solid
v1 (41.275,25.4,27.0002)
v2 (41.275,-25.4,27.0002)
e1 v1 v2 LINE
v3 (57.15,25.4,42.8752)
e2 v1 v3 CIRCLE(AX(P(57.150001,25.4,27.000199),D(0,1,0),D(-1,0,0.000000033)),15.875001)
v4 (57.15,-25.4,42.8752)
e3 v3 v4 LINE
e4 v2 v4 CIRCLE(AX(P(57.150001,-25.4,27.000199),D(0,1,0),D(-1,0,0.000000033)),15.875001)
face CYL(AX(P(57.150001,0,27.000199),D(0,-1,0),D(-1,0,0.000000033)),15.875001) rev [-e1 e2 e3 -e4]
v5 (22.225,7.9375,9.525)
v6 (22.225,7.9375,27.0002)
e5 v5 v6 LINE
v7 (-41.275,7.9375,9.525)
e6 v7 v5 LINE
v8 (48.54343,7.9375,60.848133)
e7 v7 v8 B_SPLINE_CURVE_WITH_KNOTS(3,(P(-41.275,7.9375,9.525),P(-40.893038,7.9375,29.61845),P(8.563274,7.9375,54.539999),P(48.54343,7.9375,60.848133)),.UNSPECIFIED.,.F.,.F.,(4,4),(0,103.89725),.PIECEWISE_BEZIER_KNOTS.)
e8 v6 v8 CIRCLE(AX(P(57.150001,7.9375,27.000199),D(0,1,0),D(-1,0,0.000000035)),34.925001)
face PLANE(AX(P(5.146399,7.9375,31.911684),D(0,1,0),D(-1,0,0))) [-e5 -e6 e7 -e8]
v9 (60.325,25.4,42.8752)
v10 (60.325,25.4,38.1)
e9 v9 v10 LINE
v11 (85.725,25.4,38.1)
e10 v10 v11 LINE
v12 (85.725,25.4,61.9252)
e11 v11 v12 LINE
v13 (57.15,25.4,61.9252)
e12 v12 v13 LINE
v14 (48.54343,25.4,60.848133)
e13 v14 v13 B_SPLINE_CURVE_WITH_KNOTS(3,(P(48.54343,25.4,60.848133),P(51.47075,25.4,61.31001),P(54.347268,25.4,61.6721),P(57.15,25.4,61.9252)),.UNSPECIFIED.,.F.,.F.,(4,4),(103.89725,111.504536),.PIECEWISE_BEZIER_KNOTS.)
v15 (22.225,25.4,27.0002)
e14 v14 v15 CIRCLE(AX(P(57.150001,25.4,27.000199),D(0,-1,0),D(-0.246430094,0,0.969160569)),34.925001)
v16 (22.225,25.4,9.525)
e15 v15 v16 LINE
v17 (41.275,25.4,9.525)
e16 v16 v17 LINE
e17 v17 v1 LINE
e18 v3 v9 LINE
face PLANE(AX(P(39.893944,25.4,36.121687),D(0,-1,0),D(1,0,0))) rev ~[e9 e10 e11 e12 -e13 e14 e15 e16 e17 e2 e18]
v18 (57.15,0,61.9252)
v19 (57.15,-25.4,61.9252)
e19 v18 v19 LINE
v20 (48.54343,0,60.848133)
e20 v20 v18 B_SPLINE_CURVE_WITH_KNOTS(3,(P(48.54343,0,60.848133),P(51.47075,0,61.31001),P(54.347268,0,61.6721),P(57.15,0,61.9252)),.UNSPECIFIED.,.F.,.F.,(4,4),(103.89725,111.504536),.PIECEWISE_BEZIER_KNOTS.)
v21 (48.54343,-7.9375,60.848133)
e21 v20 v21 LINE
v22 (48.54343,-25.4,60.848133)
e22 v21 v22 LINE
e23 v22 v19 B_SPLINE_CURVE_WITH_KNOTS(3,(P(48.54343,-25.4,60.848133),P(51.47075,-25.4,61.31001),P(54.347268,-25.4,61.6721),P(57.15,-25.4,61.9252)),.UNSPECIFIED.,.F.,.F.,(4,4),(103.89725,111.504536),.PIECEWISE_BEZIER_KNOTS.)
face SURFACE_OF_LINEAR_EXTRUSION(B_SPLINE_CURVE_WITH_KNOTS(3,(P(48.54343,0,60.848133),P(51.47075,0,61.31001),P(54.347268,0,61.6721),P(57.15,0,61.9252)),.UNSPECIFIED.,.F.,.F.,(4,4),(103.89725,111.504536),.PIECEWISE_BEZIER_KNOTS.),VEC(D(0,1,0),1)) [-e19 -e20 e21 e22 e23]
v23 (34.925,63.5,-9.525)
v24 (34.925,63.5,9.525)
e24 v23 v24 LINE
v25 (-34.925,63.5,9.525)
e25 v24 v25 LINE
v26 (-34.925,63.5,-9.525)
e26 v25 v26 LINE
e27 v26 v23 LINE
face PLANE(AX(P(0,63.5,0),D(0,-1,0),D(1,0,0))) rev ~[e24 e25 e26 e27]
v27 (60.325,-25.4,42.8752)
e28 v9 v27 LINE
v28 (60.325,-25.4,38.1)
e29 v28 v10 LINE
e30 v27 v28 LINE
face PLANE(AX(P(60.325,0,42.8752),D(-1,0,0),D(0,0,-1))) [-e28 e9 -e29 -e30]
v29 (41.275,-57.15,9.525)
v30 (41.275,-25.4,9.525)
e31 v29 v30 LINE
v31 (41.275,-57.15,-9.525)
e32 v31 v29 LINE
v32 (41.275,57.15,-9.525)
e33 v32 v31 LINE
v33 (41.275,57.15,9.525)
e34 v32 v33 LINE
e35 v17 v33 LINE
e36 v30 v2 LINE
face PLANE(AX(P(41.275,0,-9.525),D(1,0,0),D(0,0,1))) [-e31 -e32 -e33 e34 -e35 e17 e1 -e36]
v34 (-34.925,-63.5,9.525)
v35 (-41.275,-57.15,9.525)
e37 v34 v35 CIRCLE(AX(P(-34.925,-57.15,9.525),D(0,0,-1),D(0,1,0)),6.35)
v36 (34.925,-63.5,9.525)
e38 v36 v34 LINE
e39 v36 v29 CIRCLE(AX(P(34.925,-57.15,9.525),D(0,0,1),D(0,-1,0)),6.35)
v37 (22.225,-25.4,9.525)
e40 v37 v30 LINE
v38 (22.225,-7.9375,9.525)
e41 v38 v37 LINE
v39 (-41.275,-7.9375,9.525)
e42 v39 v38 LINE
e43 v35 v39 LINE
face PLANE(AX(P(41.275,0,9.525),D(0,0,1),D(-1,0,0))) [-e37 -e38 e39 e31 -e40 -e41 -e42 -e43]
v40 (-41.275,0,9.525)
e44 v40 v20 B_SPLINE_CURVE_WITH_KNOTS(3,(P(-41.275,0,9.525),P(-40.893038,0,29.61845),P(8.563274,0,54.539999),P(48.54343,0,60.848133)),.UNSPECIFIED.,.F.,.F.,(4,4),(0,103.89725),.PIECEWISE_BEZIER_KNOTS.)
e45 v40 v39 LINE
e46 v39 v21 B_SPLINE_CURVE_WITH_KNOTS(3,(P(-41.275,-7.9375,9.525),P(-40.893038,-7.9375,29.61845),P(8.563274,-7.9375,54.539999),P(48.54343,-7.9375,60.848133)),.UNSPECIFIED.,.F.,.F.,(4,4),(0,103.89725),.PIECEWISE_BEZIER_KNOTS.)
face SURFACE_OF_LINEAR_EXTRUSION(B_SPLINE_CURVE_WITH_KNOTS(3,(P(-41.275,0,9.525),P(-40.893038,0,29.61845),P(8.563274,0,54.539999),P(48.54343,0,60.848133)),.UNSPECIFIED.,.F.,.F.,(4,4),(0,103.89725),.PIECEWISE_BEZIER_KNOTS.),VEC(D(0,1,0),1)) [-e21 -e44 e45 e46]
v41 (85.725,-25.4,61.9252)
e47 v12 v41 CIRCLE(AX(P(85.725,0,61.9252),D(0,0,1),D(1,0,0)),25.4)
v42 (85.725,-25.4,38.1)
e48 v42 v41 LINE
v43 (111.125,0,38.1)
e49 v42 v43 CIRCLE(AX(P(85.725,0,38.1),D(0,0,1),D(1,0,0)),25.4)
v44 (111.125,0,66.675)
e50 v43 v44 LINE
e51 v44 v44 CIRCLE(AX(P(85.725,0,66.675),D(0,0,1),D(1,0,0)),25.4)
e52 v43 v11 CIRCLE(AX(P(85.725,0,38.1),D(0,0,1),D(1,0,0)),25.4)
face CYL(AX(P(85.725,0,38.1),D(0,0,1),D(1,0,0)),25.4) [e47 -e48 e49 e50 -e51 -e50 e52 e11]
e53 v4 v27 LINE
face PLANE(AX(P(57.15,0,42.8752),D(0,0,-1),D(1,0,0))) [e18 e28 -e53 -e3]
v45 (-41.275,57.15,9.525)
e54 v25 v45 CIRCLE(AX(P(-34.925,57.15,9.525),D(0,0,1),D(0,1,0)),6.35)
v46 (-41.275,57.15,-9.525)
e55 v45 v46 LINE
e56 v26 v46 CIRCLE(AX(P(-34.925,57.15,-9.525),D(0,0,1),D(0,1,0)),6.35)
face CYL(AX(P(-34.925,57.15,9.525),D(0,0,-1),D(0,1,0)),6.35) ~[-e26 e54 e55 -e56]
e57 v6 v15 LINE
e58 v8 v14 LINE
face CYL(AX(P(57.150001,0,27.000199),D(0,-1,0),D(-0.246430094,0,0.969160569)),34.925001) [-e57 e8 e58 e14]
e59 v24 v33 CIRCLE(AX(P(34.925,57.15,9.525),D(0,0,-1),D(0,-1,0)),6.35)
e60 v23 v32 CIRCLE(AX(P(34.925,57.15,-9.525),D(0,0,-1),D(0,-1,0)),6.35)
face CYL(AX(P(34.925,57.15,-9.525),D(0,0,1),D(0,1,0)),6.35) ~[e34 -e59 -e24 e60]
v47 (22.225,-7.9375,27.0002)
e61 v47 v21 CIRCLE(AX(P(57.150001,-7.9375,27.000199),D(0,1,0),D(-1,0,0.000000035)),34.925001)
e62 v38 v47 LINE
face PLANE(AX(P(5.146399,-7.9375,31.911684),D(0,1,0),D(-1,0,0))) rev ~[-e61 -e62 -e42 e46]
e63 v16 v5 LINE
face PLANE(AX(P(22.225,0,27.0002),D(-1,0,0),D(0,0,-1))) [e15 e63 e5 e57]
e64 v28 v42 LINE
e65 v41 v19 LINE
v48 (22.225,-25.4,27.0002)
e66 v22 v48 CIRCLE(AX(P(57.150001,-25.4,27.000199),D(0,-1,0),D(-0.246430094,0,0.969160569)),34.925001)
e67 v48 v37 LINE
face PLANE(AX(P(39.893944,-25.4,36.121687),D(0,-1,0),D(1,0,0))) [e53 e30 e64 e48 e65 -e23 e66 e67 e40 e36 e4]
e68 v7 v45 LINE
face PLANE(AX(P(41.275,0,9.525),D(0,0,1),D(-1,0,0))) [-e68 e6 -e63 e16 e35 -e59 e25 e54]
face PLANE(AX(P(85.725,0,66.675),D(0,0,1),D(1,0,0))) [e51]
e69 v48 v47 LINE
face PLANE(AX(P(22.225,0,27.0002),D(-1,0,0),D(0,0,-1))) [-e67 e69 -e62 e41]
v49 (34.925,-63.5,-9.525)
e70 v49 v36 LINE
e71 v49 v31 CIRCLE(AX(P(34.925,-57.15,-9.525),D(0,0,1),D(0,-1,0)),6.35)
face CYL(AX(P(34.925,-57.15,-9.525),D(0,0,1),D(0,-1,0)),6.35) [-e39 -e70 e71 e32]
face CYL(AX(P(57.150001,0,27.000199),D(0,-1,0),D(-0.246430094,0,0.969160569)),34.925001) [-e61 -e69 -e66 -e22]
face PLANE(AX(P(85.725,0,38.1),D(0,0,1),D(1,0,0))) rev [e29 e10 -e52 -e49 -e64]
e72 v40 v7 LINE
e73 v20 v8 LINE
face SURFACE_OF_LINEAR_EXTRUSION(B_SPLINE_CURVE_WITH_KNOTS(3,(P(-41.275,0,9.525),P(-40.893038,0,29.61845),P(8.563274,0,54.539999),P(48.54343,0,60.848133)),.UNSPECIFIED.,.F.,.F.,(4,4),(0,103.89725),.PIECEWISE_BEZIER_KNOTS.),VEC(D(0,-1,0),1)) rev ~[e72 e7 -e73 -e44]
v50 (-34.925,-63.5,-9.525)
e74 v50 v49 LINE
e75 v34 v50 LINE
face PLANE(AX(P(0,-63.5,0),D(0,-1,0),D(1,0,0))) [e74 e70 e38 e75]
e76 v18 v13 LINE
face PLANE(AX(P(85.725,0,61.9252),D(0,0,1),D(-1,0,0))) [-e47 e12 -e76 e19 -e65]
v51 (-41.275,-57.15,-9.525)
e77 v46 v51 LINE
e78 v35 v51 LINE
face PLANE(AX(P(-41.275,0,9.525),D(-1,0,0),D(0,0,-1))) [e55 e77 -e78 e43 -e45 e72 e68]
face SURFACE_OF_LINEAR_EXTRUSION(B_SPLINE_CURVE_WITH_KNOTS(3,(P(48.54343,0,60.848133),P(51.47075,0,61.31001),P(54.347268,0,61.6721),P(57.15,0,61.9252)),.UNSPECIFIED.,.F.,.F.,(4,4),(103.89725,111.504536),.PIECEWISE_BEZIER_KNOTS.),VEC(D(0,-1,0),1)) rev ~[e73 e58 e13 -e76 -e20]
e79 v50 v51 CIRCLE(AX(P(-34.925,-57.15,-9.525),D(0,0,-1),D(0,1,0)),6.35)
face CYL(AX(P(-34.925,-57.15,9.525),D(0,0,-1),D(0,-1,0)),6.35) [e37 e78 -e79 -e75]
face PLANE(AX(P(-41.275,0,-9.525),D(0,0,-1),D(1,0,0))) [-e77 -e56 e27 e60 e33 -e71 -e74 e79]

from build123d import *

# Parameters (mm, degrees)
F1_DEPTH = 63.5
F2_DEPTH = 25.4
F3_DEPTH = 7.9375
F5_R     = 6.35


with BuildPart() as f1:
    # F0 (on Front) → F1 (new body, symmetric)
    with BuildSketch(Plane.XZ):
        Polygon((22.225, 9.525), (-41.275, 9.525), (-41.275, -9.525), (41.275, -9.525), (41.275, 9.525), align=None)
    extrude(amount=F1_DEPTH, both=True)

    # F0 (on Front) → F2 (join, symmetric)
    with BuildSketch(Plane.XZ):
        with BuildLine():
            Line((22.225, 27.0002), (22.225, 9.525))
            Line((22.225, 9.525), (41.275, 9.525))
            Line((41.275, 9.525), (41.275, 27.0002))
            ThreePointArc((41.275, 27.0002), (45.92468, 38.22552), (57.15, 42.8752))
            Line((57.15, 42.8752), (60.325, 42.8752))
            Line((60.325, 42.8752), (60.325, 61.9252))
            Line((60.325, 61.9252), (57.15, 61.9252))
            add(Edge.make_bspline(
                [(48.54343, 60.848133), (51.47075, 61.31001), (54.347268, 61.6721), (57.15, 61.9252)],
                knots=[103.89725, 103.89725, 103.89725, 103.89725, 111.504536, 111.504536, 111.504536, 111.504536], degree=3))
            ThreePointArc((48.54343, 60.848133), (29.578819, 48.438147), (22.225, 27.0002))
        make_face()
        Polygon((85.725, 61.9252), (60.325, 61.9252), (60.325, 42.8752), (60.325, 38.1), (85.725, 38.1), align=None)
    extrude(amount=F2_DEPTH, both=True)

    # F0 (on Front) → F3 (join, symmetric)
    with BuildSketch(Plane.XZ):
        with BuildLine():
            add(Edge.make_bspline(
                [(-41.275, 9.525), (-40.893038, 29.61845), (8.563274, 54.539999), (48.54343, 60.848133)],
                knots=[0, 0, 0, 0, 103.89725, 103.89725, 103.89725, 103.89725], degree=3))
            Line((-41.275, 9.525), (22.225, 9.525))
            Line((22.225, 9.525), (22.225, 27.0002))
            ThreePointArc((22.225, 27.0002), (29.578819, 48.438147), (48.54343, 60.848133))
        make_face()
    extrude(amount=F3_DEPTH, both=True)

    # F0 (on Front) → F4 (revolve)
    with BuildSketch(Plane.XZ):
        Polygon((85.725, 66.675), (85.725, 61.9252), (85.725, 38.1), (111.125, 38.1), (111.125, 66.675), align=None)
    revolve(axis=Axis((85.725, 0, 52.3875), (0, 0, 1)))

    # F5
    f5_edges = [f1.edges().sort_by_distance(p)[0] for p in [
        (-41.275, -63.5, 0),
        (41.275, -63.5, 0),
        (41.275, 63.5, 0),
        (-41.275, 63.5, 0),
    ]]
    fillet(f5_edges, radius=F5_R)


solid = f1.part
